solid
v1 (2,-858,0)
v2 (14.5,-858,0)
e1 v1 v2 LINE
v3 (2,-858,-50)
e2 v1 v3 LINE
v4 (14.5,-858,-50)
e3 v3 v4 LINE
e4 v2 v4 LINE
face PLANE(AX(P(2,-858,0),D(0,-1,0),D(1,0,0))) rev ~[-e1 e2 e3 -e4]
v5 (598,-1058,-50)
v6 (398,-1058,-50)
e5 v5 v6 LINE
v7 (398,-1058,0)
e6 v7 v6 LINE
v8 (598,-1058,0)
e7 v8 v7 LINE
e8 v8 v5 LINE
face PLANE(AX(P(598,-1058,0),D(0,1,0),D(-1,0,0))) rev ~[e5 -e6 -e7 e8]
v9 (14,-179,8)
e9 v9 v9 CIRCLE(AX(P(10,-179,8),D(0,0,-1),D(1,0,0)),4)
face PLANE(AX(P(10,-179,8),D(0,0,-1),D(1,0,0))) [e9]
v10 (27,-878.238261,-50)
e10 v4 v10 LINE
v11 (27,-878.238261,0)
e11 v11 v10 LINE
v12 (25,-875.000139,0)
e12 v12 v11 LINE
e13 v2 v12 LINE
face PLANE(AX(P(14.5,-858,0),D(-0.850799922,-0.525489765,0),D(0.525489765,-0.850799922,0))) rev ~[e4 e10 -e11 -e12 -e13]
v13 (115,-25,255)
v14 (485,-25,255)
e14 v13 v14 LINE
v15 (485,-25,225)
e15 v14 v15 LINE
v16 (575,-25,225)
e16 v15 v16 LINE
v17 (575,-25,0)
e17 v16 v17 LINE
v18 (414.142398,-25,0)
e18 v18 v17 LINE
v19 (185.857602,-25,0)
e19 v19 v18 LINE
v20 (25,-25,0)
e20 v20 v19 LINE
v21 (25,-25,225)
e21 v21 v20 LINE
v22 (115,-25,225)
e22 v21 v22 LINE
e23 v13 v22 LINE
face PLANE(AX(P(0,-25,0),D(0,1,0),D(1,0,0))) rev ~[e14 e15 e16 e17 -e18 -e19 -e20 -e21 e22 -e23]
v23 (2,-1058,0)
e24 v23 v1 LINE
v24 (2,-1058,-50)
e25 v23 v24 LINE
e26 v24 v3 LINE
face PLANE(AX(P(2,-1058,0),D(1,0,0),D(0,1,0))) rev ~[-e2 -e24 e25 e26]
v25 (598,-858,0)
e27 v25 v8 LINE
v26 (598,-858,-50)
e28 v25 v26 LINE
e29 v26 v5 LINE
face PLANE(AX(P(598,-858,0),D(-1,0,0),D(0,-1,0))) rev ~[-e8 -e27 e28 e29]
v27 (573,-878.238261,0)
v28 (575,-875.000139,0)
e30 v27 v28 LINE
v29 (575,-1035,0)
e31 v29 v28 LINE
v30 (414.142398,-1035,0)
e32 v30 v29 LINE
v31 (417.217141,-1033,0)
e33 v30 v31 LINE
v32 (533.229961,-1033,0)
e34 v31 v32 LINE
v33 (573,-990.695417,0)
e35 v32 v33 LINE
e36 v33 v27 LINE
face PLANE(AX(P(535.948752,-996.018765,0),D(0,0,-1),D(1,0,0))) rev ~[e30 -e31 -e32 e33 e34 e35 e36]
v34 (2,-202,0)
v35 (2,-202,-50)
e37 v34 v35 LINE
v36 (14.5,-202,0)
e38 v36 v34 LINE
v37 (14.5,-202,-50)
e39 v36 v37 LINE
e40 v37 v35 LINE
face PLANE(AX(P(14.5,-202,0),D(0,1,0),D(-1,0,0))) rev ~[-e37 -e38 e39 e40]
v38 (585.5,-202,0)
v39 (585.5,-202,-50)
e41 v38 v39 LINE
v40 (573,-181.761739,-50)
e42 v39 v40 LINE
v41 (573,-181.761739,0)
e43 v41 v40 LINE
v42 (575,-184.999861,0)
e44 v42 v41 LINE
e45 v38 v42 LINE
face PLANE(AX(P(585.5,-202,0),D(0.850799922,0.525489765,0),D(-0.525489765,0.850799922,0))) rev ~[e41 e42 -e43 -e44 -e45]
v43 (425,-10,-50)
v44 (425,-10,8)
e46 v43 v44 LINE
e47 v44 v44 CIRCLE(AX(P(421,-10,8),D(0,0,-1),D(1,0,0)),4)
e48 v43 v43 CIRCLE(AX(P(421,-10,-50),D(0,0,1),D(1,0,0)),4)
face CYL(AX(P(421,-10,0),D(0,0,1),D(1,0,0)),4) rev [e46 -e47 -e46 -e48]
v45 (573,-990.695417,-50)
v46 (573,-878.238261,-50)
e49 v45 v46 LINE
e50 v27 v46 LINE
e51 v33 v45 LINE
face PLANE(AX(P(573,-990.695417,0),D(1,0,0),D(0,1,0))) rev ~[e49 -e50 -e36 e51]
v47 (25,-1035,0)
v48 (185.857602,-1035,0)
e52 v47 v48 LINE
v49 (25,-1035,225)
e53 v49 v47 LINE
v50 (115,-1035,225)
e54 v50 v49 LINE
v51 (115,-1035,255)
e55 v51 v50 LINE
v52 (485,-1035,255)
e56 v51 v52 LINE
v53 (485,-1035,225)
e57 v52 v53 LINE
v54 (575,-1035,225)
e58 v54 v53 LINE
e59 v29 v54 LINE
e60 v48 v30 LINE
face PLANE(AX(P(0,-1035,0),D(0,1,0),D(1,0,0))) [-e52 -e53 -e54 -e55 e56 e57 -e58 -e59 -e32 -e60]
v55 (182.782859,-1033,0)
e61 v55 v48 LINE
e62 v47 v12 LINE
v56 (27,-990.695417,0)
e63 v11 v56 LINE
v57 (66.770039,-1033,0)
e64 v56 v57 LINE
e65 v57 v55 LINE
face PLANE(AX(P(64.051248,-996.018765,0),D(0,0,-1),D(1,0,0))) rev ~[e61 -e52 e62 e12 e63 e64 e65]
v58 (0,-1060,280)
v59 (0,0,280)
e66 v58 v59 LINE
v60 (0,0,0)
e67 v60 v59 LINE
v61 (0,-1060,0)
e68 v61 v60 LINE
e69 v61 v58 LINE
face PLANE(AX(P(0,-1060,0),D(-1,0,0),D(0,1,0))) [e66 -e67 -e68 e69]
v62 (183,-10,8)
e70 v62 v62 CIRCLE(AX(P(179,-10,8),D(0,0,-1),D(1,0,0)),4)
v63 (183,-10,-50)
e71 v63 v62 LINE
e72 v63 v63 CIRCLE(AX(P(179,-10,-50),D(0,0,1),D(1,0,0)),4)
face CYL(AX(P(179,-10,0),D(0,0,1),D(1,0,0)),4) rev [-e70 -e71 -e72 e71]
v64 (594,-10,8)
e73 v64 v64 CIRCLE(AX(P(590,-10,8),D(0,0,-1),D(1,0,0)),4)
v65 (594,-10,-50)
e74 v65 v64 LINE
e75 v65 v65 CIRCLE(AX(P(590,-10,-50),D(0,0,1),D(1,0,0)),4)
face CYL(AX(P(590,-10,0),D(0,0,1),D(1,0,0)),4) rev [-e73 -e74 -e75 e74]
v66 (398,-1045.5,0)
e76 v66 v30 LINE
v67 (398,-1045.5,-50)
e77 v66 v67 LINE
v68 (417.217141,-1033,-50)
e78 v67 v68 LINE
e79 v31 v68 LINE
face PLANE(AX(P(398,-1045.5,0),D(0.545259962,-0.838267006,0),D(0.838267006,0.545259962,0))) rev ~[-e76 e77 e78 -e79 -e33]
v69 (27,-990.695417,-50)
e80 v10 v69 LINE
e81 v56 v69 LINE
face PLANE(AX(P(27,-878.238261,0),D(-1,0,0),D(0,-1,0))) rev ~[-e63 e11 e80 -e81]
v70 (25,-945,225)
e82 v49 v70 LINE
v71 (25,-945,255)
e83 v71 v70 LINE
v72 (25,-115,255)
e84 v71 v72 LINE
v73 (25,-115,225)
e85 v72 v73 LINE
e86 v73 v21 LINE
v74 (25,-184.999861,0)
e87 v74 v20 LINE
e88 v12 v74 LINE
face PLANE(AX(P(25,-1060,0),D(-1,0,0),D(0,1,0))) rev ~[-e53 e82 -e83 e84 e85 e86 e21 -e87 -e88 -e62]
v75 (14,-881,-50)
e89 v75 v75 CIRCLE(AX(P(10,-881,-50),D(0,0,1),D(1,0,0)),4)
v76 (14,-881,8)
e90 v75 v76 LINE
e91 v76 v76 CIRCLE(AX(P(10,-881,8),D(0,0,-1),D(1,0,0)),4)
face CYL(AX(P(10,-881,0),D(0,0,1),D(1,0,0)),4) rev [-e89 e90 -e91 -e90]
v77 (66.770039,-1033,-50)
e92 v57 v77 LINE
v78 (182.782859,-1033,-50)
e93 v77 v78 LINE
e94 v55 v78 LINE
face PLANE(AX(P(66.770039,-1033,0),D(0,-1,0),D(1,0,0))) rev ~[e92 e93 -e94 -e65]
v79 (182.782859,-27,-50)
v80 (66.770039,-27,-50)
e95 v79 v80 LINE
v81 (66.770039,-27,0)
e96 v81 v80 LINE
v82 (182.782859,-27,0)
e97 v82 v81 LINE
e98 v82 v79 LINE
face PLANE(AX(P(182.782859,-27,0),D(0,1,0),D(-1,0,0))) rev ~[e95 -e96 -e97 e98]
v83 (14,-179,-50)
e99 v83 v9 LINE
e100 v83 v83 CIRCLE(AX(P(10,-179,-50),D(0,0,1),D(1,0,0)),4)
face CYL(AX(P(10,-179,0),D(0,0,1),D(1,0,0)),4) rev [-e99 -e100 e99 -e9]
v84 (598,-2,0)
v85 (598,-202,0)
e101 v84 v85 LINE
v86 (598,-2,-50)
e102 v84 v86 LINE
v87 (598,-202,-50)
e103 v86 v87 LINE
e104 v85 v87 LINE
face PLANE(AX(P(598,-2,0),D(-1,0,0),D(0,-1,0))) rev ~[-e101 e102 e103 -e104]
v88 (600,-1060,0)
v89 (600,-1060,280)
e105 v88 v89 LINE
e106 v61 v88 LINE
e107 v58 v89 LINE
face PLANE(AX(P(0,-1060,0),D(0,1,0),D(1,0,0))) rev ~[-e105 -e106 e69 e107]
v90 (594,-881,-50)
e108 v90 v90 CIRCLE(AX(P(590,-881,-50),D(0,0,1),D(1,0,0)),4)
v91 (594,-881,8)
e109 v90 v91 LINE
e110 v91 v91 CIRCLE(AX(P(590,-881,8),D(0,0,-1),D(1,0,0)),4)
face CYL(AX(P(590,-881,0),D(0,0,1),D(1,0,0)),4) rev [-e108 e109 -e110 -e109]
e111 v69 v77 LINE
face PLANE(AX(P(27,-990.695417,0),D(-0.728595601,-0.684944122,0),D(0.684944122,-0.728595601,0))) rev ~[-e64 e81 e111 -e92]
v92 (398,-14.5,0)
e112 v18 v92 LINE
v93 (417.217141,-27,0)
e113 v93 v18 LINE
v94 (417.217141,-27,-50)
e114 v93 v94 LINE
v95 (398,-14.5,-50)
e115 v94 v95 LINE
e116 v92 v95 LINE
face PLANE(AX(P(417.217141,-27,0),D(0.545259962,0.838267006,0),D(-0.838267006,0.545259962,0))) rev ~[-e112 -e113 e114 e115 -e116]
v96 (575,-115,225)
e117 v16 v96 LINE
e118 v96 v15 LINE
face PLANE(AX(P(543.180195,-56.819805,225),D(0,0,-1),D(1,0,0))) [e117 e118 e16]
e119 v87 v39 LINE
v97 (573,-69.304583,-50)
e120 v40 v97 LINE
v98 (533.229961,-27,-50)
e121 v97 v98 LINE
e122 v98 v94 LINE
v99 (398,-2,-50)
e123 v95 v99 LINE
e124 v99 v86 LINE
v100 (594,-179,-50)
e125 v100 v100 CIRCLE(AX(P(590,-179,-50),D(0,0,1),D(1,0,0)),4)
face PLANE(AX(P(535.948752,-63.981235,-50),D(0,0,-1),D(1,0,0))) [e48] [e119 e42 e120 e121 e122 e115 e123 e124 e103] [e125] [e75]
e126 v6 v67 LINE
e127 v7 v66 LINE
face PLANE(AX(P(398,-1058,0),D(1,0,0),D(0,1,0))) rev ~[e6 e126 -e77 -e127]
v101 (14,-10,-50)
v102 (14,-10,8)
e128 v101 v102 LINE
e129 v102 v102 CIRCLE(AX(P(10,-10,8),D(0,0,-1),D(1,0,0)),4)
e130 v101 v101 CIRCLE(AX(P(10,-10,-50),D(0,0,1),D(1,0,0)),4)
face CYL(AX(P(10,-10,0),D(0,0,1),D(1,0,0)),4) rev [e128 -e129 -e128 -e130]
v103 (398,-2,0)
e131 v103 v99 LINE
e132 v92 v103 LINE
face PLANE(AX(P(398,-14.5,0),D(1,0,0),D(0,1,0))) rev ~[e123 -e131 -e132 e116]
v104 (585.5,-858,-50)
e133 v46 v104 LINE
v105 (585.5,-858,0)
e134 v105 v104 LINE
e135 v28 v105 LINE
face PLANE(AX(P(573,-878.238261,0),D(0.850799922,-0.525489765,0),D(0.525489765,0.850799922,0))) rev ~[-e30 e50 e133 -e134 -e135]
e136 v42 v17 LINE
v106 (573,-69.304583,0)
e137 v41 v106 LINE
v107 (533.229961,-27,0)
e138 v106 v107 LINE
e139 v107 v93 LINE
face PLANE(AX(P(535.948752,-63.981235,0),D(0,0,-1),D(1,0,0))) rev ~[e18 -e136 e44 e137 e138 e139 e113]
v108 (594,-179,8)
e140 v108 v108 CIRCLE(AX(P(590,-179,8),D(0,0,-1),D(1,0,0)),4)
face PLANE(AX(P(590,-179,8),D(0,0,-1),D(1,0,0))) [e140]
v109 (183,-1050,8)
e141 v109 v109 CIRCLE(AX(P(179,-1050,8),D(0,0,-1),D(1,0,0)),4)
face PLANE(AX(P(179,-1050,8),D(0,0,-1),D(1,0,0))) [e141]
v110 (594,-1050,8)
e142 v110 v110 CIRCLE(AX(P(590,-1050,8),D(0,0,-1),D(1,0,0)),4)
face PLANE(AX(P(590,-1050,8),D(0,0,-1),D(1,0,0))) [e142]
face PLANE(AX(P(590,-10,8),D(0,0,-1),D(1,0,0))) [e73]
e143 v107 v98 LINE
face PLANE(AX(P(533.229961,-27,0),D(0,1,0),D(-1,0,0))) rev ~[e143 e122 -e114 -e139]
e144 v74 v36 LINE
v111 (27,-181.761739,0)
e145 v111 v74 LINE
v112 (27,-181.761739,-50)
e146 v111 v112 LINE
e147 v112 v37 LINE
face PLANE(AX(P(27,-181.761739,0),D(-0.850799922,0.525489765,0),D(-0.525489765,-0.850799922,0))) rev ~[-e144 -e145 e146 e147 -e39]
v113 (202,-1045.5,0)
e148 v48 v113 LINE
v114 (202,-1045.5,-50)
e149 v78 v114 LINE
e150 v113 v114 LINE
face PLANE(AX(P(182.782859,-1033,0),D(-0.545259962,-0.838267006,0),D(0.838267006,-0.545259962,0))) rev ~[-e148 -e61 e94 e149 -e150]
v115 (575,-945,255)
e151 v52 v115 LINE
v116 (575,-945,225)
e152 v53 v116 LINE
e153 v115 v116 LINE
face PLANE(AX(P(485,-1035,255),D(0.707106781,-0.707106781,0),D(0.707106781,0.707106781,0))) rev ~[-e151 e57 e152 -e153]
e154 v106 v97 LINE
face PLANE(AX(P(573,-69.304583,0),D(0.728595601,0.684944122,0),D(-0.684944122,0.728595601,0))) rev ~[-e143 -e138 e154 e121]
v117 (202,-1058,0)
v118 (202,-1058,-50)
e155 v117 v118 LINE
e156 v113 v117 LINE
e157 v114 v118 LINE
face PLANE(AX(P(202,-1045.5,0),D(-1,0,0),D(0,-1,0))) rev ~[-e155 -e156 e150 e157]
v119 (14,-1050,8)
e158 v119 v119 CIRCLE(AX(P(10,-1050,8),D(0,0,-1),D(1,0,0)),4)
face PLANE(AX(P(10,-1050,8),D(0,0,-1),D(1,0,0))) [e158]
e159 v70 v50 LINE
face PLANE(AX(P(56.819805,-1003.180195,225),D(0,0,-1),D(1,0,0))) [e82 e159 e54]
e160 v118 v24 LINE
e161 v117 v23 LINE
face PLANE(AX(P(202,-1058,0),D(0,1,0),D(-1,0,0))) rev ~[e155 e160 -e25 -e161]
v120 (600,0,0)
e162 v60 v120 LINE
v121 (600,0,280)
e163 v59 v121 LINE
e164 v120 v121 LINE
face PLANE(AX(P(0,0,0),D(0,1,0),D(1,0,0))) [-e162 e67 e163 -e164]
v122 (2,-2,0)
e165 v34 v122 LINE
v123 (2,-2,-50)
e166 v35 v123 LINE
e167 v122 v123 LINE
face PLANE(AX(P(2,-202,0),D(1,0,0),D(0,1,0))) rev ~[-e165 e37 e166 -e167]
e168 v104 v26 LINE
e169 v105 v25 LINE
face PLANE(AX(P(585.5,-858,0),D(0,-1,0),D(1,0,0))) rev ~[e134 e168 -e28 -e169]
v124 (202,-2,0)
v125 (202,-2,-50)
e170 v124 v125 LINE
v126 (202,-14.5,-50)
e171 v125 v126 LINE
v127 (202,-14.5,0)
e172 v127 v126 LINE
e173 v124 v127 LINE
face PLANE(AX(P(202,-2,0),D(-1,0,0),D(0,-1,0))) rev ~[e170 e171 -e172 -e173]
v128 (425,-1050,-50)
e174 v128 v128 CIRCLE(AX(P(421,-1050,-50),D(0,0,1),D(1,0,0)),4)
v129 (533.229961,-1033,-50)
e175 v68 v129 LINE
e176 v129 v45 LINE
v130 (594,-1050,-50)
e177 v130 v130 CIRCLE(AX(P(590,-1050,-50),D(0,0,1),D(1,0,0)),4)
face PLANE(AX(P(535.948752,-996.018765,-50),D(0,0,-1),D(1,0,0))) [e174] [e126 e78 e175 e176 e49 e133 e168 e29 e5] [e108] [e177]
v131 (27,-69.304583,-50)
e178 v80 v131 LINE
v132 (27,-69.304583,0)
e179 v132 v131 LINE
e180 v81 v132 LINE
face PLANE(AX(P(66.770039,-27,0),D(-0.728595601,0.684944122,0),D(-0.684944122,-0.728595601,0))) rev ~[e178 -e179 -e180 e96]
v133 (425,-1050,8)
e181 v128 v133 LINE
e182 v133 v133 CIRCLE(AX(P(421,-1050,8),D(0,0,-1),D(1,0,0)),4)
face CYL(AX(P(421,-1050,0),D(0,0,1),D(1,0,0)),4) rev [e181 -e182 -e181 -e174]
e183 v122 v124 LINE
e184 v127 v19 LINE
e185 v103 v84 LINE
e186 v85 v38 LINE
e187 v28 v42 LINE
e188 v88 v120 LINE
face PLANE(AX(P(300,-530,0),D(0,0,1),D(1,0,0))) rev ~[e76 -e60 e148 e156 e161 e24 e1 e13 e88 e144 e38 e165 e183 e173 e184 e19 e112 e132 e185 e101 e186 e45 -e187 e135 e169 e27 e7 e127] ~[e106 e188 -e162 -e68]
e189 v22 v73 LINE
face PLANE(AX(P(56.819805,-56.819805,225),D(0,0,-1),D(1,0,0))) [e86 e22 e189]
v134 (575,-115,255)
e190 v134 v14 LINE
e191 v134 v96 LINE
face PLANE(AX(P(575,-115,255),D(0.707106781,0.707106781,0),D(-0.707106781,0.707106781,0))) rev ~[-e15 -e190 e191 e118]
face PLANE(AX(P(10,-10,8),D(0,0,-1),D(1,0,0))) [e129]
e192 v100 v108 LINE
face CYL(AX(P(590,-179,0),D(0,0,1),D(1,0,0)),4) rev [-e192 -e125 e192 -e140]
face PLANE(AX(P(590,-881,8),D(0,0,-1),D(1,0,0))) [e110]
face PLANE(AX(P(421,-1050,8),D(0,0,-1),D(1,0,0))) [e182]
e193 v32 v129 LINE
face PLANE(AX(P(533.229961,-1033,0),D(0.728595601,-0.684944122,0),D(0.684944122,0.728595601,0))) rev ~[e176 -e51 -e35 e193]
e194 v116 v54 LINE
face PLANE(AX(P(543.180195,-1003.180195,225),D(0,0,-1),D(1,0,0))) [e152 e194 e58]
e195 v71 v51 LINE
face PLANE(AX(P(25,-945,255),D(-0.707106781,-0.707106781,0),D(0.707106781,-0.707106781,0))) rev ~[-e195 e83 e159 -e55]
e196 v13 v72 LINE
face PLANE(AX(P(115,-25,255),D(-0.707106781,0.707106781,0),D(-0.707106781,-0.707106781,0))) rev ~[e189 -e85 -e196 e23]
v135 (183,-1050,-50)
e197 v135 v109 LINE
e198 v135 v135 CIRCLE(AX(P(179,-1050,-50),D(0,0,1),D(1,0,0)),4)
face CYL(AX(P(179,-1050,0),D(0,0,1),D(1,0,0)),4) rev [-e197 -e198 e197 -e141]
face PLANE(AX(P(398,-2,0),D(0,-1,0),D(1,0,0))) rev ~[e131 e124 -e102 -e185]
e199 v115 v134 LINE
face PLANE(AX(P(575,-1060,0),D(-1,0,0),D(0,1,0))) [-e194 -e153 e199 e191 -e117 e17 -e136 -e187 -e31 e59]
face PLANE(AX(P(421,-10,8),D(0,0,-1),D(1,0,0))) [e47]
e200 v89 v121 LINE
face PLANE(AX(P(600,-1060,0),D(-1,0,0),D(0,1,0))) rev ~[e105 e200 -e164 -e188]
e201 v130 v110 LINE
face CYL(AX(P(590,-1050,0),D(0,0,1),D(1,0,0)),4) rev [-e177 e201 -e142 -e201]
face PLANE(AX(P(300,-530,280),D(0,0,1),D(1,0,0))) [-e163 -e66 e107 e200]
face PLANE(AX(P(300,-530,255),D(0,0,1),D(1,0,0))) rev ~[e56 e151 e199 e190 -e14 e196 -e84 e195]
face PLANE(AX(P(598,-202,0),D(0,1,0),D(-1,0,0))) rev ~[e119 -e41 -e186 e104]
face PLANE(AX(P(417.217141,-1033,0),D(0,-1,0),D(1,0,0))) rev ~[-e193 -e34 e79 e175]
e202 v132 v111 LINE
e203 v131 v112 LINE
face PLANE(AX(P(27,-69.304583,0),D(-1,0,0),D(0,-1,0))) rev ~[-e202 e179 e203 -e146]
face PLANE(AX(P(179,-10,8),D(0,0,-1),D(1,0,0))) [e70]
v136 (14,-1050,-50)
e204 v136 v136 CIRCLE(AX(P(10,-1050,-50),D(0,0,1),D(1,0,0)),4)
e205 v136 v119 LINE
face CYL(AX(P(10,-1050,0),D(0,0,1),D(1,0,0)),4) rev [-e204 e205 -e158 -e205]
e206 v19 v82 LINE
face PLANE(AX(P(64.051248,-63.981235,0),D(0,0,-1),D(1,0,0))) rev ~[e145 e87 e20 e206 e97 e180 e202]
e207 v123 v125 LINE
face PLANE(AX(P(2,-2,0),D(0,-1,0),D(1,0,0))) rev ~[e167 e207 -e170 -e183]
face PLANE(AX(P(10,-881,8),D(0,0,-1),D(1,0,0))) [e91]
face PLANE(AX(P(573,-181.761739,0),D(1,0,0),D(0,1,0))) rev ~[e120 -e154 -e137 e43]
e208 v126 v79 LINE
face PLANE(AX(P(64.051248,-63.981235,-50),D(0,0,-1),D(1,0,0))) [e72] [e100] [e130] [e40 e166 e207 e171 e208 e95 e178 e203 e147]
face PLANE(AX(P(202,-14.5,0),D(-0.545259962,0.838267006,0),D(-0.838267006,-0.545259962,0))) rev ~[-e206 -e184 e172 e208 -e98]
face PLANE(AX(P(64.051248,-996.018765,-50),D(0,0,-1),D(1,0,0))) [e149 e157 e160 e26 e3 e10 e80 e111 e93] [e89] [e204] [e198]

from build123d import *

# Parameters (mm, degrees)
F0_W      = 600
F0_H      = 1060
F1_DEPTH  = 280
F2_T      = -25
F3_R      = 4
F4_DEPTH  = 8
F6_DEPTH  = 30
F9_DEPTH  = 50
F10_DEPTH = 50
F11_DEPTH = 50.001


with BuildPart() as f1:
    # F0 (on Top) → F1 (new body)
    with BuildSketch(Plane.XY):
        with Locations((300, -530)):
            Rectangle(F0_W, F0_H)
    extrude(amount=F1_DEPTH)

    # F2
    f2_openings = [f1.faces().sort_by_distance(p)[0] for p in [
        (300, -530, 0),
    ]]
    offset(amount=F2_T, openings=f2_openings)

    # F3 (on face) → F4 (cut)
    with BuildSketch(Plane(origin=(0, 0, 0), x_dir=(1, 0, 0), z_dir=(0, 0, -1))):
        with Locations((10, 1050)):
            Circle(F3_R)
        with Locations((10, 881)):
            Circle(F3_R)
        with Locations((179, 1050)):
            Circle(F3_R)
        with Locations((590, 1050)):
            Circle(F3_R)
        with Locations((421, 1050)):
            Circle(F3_R)
        with Locations((590, 881)):
            Circle(F3_R)
        with Locations((10, 179)):
            Circle(F3_R)
        with Locations((10, 10)):
            Circle(F3_R)
        with Locations((179, 10)):
            Circle(F3_R)
        with Locations((421, 10)):
            Circle(F3_R)
        with Locations((590, 10)):
            Circle(F3_R)
        with Locations((590, 179)):
            Circle(F3_R)
    extrude(amount=-F4_DEPTH, mode=Mode.SUBTRACT)

    # F5 (on face) → F6 (join)
    with BuildSketch(Plane(origin=(0, 0, 255), x_dir=(1, 0, 0), z_dir=(0, 0, -1))):
        Polygon((115, 1035), (25, 1035), (25, 945), align=None)
        Polygon((485, 1035), (575, 945), (575, 1035), align=None)
        Polygon((115, 25), (25, 115), (25, 25), align=None)
        Polygon((575, 25), (575, 115), (485, 25), align=None)
    extrude(amount=F6_DEPTH)

    # F8 (on face) → F9 (join)
    with BuildSketch(Plane(origin=(0, 0, 0), x_dir=(1, 0, 0), z_dir=(0, 0, -1))):
        Polygon((202, 1058), (2, 1058), (2, 1018.136144), (2, 858), (14.5, 858), (27, 878.238261), (27, 990.695417), (66.770039, 1033), (182.782859, 1033), (202, 1045.5), align=None)
        Polygon((533.229961, 1033), (573, 990.695417), (573, 878.238261), (585.5, 858), (598, 858), (598, 1058), (398, 1058), (398, 1045.5), (417.217141, 1033), align=None)
        Polygon((14.5, 202), (2, 202), (2, 2), (202, 2), (202, 14.5), (182.782859, 27), (66.770039, 27), (27, 69.304583), (27, 181.761739), align=None)
        Polygon((533.229961, 27), (417.217141, 27), (398, 14.5), (398, 2), (598, 2), (598, 202), (585.5, 202), (573, 181.761739), (573, 69.304583), align=None)
    extrude(amount=F9_DEPTH)

    # F8 (on face) → F10 (join)
    with BuildSketch(Plane(origin=(0, 0, 0), x_dir=(1, 0, 0), z_dir=(0, 0, -1))):
        Polygon((202, 1058), (2, 1058), (2, 1018.136144), (2, 858), (14.5, 858), (27, 878.238261), (27, 990.695417), (66.770039, 1033), (182.782859, 1033), (202, 1045.5), align=None)
        Polygon((533.229961, 1033), (573, 990.695417), (573, 878.238261), (585.5, 858), (598, 858), (598, 1058), (398, 1058), (398, 1045.5), (417.217141, 1033), align=None)
        Polygon((14.5, 202), (2, 202), (2, 2), (202, 2), (202, 14.5), (182.782859, 27), (66.770039, 27), (27, 69.304583), (27, 181.761739), align=None)
        Polygon((533.229961, 27), (417.217141, 27), (398, 14.5), (398, 2), (598, 2), (598, 202), (585.5, 202), (573, 181.761739), (573, 69.304583), align=None)
    extrude(amount=F10_DEPTH)

    # F3 (on face) → F11 (cut, through all)
    with BuildSketch(Plane(origin=(0, 0, 0), x_dir=(1, 0, 0), z_dir=(0, 0, -1))):
        with Locations((10, 1050)):
            Circle(F3_R)
        with Locations((10, 881)):
            Circle(F3_R)
        with Locations((179, 1050)):
            Circle(F3_R)
        with Locations((590, 1050)):
            Circle(F3_R)
        with Locations((421, 1050)):
            Circle(F3_R)
        with Locations((590, 881)):
            Circle(F3_R)
        with Locations((10, 179)):
            Circle(F3_R)
        with Locations((10, 10)):
            Circle(F3_R)
        with Locations((179, 10)):
            Circle(F3_R)
        with Locations((421, 10)):
            Circle(F3_R)
        with Locations((590, 10)):
            Circle(F3_R)
        with Locations((590, 179)):
            Circle(F3_R)
    extrude(amount=F11_DEPTH, mode=Mode.SUBTRACT)


solid = f1.part
